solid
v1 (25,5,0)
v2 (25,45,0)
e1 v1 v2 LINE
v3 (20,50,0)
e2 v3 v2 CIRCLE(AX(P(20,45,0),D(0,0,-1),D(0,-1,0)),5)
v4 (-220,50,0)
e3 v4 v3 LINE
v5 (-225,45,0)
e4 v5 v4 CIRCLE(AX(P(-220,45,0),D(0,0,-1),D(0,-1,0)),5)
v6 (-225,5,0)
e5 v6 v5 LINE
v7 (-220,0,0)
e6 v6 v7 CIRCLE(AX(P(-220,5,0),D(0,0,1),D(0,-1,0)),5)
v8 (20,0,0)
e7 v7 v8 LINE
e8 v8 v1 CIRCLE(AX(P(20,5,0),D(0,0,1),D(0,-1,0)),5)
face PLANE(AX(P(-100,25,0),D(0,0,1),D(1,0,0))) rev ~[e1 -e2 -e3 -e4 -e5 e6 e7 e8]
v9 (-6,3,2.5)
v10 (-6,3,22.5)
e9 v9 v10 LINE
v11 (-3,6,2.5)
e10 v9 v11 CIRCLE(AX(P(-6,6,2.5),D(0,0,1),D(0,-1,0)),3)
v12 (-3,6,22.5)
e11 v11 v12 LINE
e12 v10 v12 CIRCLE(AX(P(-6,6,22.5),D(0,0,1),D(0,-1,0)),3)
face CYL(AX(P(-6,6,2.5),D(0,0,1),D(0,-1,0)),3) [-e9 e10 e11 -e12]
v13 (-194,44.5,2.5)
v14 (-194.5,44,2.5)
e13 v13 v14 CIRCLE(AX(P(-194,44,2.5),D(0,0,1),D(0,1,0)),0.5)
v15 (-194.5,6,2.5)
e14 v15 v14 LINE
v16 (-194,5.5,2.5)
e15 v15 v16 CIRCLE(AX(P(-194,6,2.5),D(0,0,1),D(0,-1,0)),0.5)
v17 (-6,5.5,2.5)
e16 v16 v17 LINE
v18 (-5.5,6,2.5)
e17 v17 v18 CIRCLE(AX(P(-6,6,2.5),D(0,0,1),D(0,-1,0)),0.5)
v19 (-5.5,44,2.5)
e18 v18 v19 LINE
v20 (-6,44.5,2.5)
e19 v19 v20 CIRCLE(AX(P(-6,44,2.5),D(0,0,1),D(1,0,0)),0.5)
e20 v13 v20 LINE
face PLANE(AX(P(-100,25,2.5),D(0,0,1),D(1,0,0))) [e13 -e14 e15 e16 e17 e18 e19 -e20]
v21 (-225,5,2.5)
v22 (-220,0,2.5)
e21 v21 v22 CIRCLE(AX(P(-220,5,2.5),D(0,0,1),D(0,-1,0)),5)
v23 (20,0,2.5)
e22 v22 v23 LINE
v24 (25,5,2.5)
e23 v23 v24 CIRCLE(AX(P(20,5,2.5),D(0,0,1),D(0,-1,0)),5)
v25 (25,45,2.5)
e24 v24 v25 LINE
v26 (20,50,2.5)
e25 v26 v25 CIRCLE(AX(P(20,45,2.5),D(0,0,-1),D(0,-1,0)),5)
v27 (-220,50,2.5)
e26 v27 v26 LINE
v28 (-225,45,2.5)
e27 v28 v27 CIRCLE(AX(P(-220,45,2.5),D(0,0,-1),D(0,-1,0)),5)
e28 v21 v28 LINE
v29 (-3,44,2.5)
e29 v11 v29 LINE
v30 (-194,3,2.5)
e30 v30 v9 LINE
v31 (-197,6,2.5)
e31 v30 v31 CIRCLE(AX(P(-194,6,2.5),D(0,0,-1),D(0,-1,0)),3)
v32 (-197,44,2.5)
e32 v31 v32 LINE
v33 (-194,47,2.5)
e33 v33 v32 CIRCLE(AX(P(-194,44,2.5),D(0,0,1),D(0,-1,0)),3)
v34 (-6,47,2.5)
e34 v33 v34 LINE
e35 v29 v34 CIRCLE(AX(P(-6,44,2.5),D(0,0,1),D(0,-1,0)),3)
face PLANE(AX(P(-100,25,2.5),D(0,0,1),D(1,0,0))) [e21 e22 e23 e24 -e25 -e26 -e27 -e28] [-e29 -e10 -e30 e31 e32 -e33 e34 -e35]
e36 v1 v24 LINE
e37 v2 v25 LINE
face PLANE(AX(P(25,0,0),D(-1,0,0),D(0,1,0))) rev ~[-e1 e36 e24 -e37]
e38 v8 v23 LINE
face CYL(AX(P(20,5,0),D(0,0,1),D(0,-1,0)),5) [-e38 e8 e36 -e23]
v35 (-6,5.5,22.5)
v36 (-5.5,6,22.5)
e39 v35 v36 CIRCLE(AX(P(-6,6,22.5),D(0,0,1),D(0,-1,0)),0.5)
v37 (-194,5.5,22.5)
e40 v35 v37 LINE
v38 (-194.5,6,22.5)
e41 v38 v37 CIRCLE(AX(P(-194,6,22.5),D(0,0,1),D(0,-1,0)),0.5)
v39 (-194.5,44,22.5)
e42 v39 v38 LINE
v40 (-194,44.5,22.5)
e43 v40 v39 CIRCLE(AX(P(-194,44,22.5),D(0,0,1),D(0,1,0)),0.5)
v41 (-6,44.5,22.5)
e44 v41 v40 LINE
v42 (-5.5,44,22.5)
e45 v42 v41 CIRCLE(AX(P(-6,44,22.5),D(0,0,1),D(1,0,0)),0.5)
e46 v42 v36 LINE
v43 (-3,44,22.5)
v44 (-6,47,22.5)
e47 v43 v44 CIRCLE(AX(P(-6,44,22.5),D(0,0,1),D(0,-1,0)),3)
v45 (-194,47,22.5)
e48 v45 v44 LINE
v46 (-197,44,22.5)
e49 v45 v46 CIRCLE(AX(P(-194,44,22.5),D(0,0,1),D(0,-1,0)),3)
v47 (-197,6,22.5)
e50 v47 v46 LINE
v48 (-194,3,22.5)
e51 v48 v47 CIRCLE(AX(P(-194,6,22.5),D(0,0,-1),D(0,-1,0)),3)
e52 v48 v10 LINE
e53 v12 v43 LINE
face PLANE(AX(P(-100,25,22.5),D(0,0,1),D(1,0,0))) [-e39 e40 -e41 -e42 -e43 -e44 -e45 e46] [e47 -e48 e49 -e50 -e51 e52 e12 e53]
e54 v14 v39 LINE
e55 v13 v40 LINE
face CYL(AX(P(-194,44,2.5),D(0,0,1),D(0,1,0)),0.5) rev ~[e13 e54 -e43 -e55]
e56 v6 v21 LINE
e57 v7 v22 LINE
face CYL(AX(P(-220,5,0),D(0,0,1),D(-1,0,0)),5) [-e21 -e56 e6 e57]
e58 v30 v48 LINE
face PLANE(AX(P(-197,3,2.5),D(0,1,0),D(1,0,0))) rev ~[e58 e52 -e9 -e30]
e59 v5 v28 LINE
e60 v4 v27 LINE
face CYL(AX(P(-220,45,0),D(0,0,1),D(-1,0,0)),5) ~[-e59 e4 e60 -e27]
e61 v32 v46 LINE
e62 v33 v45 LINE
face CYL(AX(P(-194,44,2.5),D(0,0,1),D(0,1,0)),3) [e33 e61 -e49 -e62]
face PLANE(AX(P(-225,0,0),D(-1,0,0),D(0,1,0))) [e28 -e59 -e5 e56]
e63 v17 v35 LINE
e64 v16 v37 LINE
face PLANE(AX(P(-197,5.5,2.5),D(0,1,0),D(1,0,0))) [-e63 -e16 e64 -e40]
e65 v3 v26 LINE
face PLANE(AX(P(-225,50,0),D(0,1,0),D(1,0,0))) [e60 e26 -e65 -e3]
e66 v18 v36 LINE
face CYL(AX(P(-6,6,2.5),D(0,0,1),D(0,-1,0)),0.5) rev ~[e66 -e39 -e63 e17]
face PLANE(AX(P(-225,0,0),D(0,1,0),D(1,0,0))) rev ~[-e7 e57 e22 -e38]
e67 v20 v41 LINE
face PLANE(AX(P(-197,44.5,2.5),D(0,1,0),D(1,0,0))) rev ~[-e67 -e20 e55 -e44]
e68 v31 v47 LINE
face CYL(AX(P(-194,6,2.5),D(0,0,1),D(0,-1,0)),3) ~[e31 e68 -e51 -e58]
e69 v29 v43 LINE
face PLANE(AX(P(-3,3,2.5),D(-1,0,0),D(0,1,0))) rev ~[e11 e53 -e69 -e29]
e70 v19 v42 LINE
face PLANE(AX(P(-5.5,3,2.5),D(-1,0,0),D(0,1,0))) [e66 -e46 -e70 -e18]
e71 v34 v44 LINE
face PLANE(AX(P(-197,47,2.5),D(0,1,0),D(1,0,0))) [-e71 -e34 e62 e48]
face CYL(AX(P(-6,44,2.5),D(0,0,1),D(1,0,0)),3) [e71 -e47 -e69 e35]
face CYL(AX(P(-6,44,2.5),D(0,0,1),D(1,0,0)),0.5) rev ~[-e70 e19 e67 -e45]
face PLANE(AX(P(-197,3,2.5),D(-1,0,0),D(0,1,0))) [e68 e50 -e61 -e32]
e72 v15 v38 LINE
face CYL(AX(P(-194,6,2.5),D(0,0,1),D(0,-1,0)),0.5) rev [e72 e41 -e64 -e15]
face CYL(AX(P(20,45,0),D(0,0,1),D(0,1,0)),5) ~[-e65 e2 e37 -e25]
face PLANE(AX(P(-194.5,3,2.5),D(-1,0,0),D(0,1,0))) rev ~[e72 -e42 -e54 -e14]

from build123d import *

# Parameters (mm, degrees)
F0_W     = 250
F0_H     = 50
F1_DEPTH = 2.5
F2_W     = 194
F2_H     = 44
F3_DEPTH = 20
F4_R     = 3
F5_T     = -2.5
F6_R     = 5


with BuildPart() as f1:
    # F0 (on Top) → F1 (new body)
    with BuildSketch(Plane.XY):
        with Locations((-100, 25)):
            Rectangle(F0_W, F0_H)
    extrude(amount=F1_DEPTH)

    # F2 (on face) → F3 (join)
    with BuildSketch(Plane.XY.offset(2.5)):
        with Locations((-100, 25)):
            Rectangle(F2_W, F2_H)
    extrude(amount=F3_DEPTH)

    # F4
    f4_edges = [f1.edges().sort_by_distance(p)[0] for p in [
        (-197, 3, 12.5),
        (-3, 3, 12.5),
        (-3, 47, 12.5),
        (-197, 47, 12.5),
    ]]
    fillet(f4_edges, radius=F4_R)

    # F5
    f5_openings = [f1.faces().sort_by_distance(p)[0] for p in [
        (-100, 25, 22.5),
    ]]
    offset(amount=F5_T, openings=f5_openings, kind=Kind.INTERSECTION)

    # F6
    f6_edges = [f1.edges().sort_by_distance(p)[0] for p in [
        (25, 0, 1.25),
        (25, 50, 1.25),
        (-225, 50, 1.25),
        (-225, 0, 1.25),
    ]]
    fillet(f6_edges, radius=F6_R)


solid = f1.part
